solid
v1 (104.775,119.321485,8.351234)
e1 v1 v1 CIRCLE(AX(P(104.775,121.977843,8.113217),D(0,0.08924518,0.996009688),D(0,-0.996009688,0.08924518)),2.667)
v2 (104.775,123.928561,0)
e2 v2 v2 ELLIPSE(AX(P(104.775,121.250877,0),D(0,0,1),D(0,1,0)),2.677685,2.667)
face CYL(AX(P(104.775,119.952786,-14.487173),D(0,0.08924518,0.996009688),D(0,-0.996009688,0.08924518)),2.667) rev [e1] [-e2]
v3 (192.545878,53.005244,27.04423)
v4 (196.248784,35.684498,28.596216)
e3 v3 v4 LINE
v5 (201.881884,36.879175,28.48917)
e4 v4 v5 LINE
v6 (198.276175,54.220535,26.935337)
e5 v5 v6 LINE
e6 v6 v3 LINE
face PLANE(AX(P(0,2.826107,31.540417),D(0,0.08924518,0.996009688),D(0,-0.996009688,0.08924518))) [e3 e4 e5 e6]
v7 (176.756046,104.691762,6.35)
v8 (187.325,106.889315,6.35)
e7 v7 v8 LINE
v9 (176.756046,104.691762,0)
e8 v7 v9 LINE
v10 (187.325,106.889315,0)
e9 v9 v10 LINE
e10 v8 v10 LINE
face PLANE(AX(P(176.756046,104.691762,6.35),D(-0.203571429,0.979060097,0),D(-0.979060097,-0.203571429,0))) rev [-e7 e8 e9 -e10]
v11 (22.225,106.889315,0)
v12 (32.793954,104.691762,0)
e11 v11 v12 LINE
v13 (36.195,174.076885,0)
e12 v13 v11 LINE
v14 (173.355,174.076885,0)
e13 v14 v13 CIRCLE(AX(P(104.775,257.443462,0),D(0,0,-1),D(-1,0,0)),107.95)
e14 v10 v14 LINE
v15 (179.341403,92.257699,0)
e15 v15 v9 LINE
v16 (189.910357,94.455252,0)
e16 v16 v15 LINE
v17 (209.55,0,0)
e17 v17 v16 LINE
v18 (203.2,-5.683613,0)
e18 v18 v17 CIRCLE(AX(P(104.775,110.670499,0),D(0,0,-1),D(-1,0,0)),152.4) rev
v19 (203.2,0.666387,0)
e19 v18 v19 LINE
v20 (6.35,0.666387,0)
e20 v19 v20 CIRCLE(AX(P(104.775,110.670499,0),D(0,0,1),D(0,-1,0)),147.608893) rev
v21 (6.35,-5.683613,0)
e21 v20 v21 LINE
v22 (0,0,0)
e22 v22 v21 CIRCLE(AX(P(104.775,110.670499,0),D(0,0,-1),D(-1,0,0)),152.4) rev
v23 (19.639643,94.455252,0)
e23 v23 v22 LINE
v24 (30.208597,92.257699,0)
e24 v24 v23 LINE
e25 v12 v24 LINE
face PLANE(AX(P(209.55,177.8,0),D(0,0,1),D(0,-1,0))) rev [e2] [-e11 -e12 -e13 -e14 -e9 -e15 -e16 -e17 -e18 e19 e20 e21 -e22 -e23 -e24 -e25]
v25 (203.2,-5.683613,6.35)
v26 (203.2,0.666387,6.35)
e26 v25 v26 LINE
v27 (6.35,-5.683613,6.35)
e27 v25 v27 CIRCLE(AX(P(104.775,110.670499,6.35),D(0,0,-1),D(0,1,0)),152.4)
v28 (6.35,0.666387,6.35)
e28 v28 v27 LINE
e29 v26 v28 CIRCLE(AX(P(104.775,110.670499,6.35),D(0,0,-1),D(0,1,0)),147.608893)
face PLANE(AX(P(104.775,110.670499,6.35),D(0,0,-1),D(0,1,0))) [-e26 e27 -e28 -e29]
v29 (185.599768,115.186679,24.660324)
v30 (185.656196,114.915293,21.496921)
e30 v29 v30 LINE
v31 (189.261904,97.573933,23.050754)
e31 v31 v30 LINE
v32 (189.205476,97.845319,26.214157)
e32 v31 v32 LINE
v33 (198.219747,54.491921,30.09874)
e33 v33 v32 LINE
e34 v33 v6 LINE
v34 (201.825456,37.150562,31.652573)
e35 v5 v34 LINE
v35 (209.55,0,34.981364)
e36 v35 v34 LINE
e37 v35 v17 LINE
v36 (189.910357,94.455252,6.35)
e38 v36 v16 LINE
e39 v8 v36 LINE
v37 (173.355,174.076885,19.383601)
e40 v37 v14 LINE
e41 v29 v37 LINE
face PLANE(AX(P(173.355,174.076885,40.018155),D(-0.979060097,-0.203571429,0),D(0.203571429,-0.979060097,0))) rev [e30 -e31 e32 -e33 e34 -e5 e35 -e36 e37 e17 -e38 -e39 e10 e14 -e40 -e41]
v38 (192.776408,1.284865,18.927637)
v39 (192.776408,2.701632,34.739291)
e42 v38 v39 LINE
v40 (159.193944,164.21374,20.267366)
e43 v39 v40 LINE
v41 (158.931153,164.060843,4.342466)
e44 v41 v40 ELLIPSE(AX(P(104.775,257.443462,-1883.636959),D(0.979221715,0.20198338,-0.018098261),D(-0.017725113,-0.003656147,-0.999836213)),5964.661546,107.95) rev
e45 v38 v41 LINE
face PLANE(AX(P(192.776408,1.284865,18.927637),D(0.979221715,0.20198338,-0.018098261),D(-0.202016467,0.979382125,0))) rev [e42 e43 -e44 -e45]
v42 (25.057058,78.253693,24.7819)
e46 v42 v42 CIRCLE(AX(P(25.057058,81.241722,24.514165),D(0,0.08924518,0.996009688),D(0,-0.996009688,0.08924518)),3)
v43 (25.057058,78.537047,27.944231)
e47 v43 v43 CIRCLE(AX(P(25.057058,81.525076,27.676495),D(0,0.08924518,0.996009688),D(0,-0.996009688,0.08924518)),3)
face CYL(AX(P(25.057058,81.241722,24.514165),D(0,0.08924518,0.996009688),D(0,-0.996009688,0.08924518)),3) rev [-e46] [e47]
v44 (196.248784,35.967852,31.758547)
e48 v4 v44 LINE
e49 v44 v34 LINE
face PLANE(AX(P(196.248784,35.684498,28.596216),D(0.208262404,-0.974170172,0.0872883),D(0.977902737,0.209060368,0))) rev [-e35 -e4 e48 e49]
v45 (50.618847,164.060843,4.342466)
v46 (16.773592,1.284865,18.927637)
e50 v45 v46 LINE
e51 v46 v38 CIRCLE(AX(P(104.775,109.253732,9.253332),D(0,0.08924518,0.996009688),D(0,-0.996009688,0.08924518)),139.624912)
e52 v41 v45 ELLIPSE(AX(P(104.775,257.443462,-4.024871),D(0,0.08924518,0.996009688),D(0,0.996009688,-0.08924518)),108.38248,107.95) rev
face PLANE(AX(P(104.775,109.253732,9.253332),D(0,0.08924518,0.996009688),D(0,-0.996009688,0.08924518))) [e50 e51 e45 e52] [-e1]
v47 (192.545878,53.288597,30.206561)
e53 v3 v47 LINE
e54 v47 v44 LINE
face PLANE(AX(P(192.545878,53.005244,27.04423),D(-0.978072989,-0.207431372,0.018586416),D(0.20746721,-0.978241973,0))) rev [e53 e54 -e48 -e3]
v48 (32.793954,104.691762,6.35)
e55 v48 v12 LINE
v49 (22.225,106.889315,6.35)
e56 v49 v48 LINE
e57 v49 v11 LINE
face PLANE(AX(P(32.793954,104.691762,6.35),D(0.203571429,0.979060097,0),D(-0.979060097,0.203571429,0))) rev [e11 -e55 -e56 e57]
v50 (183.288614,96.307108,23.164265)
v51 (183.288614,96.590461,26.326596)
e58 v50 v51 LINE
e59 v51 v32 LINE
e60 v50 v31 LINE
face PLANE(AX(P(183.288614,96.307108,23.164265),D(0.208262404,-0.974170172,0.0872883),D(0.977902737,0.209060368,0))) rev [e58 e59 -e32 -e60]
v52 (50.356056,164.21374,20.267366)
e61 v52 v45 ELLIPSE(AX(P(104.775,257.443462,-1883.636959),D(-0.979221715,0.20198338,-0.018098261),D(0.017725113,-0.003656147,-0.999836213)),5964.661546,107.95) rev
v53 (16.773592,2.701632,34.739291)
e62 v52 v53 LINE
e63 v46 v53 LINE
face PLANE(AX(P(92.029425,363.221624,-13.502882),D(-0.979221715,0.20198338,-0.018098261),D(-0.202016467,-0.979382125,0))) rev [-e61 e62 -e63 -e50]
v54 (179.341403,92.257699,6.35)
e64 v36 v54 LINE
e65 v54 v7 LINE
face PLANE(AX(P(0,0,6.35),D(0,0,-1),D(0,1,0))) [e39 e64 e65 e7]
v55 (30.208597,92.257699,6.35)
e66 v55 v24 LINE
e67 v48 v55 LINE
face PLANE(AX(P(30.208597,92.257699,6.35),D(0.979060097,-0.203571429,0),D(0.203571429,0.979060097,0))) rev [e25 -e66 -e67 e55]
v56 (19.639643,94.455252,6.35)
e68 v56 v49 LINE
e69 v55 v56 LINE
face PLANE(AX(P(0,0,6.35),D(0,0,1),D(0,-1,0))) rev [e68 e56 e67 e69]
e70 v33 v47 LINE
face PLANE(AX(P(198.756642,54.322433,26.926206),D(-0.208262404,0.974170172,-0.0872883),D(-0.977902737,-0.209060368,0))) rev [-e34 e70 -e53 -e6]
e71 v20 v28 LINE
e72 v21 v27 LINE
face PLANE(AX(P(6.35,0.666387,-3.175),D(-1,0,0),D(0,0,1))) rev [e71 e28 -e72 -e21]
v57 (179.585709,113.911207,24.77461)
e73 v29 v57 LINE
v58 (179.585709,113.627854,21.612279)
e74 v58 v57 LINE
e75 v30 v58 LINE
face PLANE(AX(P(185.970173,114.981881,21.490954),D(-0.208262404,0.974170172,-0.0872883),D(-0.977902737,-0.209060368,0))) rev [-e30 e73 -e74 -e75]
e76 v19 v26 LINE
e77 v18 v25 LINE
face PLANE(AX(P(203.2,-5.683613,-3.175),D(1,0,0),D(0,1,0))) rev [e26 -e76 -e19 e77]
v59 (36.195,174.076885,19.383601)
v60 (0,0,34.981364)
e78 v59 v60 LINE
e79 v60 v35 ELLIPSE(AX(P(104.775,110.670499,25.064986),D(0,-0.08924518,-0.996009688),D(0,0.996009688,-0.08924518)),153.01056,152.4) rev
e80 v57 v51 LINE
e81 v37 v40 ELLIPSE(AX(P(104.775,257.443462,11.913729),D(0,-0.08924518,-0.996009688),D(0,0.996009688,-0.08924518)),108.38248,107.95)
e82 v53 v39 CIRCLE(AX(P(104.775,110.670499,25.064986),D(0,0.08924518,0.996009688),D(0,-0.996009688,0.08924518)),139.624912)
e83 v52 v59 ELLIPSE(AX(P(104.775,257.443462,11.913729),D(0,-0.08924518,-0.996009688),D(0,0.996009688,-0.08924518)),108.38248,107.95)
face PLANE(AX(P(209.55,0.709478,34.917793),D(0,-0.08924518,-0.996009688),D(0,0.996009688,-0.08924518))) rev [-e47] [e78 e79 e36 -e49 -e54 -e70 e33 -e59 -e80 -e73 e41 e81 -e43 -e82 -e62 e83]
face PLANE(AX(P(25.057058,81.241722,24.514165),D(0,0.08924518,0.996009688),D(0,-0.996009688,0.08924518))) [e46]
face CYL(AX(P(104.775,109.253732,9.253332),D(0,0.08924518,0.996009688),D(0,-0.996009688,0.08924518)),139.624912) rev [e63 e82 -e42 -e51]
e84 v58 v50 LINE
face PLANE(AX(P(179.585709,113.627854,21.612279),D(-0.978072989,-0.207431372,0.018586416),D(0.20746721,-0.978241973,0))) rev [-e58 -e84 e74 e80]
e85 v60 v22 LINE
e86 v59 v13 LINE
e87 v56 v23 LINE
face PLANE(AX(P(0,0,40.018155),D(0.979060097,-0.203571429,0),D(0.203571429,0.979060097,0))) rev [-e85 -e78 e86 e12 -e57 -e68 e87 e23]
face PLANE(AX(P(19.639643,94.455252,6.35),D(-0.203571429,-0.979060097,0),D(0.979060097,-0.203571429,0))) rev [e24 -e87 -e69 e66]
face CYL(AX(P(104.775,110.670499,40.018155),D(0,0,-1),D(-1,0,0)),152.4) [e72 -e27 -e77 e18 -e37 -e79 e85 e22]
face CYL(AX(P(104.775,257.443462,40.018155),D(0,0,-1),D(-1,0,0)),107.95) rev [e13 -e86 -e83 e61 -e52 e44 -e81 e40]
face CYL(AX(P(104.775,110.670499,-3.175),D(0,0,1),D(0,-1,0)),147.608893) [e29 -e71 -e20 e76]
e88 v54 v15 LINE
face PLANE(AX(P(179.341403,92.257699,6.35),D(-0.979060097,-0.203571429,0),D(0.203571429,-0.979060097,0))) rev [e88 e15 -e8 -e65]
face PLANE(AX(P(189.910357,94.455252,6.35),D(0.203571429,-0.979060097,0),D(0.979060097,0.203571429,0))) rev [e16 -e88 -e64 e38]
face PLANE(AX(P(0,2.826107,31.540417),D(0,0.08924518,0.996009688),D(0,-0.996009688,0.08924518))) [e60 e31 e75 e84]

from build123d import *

# Parameters (mm, degrees)
BOSS_EXTRUDE1_DEPTH     = 209.55
SKETCH1_W               = 240.510539239
SKETCH1_H               = 265.827438106
CUT_EXTRUDE1_DEPTH      = 41.01815501
CUT_EXTRUDE1_DEPTH_BACK = 1
CUT_EXTRUDE2_DEPTH      = 15.875
CUT_EXTRUDE3_DEPTH      = 3.175
SKETCH5_R               = 3
CUT_EXTRUDE4_DEPTH      = 3.175
CUT_EXTRUDE7_DEPTH      = 3.175
CUT_EXTRUDE7_DEPTH_BACK = 6.35
SKETCH7_R               = 2.667
CUT_EXTRUDE8_DEPTH      = 23.690934342
CUT_EXTRUDE9_DEPTH      = 6.35


with BuildPart() as part:
    # Sketch2 → Boss-Extrude1 (new body)
    with BuildSketch(Plane(origin=(0, 0, 0), x_dir=(0, 0, -1), z_dir=(1, 0, 0))):
        Polygon((-19.05, 177.8), (-34.91779298, 0.709477538), (-40.01815501, -56.212476111), (0, -53.790492508), (0, 0), (0, 177.8), align=None)
    extrude(amount=BOSS_EXTRUDE1_DEPTH)

    # Sketch1 → Cut-Extrude1 (cut, two sides)
    with BuildSketch(Plane.XY) as cut_extrude1_sk:
        with Locations((107.411926899, 58.758625739)):
            Rectangle(SKETCH1_W, SKETCH1_H)
        with BuildLine():
            Line((0, 0), (36.195, 174.07688524))
            ThreePointArc((36.195, 174.07688524), (104.775, 149.493461876), (173.355, 174.07688524))
            Line((173.355, 174.07688524), (209.55, 0))
            ThreePointArc((209.55, 0), (104.775, -41.729500882), (0, 0))
        make_face(mode=Mode.SUBTRACT)
    extrude(amount=CUT_EXTRUDE1_DEPTH, mode=Mode.SUBTRACT)
    extrude(cut_extrude1_sk.sketch, amount=-CUT_EXTRUDE1_DEPTH_BACK, mode=Mode.SUBTRACT)

    # Sketch3 → Cut-Extrude2 (cut)
    with BuildSketch(Plane(origin=(0, 3.474785103, 34.670013893), x_dir=(1, 0, 0), z_dir=(0, 0.08924518, 0.996009688))):
        with BuildLine():
            Line((92.029425275, 362.610535175), (16.77359238, -0.776250458))
            ThreePointArc((16.77359238, -0.776250458), (104.775, -31.999740282), (192.77640762, -0.776250458))
            Line((192.77640762, -0.776250458), (117.520574725, 362.610535175))
            Line((117.520574725, 362.610535175), (92.029425275, 362.610535175))
        make_face()
    extrude(amount=-CUT_EXTRUDE2_DEPTH, mode=Mode.SUBTRACT)

    # Sketch4 → Cut-Extrude3 (cut)
    with BuildSketch(Plane(origin=(0, 3.109460703, 34.702747954), x_dir=(1, 0, 0), z_dir=(0, 0.08924518, 0.996009688))):
        Polygon((185.970172739, 112.605103669), (179.585708922, 111.245651158), (183.288614458, 93.855513419), (189.673078275, 95.21496593), align=None)
        Polygon((198.756641777, 51.702635333), (192.545878299, 50.380169071), (196.248783835, 32.990031331), (202.459547313, 34.312497594), align=None)
    extrude(amount=-CUT_EXTRUDE3_DEPTH, mode=Mode.SUBTRACT)

    # Sketch5 → Cut-Extrude4 (cut)
    with BuildSketch(Plane(origin=(0, 3.109460703, 34.702747954), x_dir=(1, 0, 0), z_dir=(0, 0.08924518, 0.996009688))):
        with Locations(Location((25.057058463, 78.729771517, 0), (0, 0, 270))):  # turned: the seam where the file's is
            Circle(SKETCH5_R)
    extrude(amount=-CUT_EXTRUDE4_DEPTH, mode=Mode.SUBTRACT)

    # Sketch6 → Cut-Extrude7 (cut, two sides)
    with BuildSketch(Plane(origin=(0, 0, 0), x_dir=(-1, 0, 0), z_dir=(0, 0, -1))) as cut_extrude7_sk:
        with BuildLine():
            Line((-203.2, -5.683612864), (-203.2, 0.666387136))
            ThreePointArc((-203.2, 0.666387136), (-104.775, -36.938393832), (-6.35, 0.666387136))
            Line((-6.35, 0.666387136), (-6.35, -5.683612864))
            ThreePointArc((-6.35, -5.683612864), (-104.775, -63.961814377), (-203.2, -5.683612864))
        make_face()
    extrude(amount=CUT_EXTRUDE7_DEPTH, mode=Mode.SUBTRACT)
    extrude(cut_extrude7_sk.sketch, amount=-CUT_EXTRUDE7_DEPTH_BACK, mode=Mode.SUBTRACT)

    # Sketch7 → Cut-Extrude8 (cut, through all)
    with BuildSketch(Plane(origin=(0, 1.692693472, 18.891094163), x_dir=(1, 0, 0), z_dir=(0, 0.08924518, 0.996009688))):
        with Locations(Location((104.775, 120.767047718, 0), (0, 0, 270))):  # turned: the seam where the file's is
            Circle(SKETCH7_R)
    extrude(amount=-CUT_EXTRUDE8_DEPTH, mode=Mode.SUBTRACT)

    # Sketch8 → Cut-Extrude9 (cut)
    with BuildSketch(Plane(origin=(0, 0, 0), x_dir=(-1, 0, 0), z_dir=(0, 0, -1))):
        Polygon((-187.325, 106.889315498), (-189.910357143, 94.455252267), (-179.341403396, 92.257698696), (-176.756046253, 104.691761927), align=None)
        Polygon((-32.793953747, 104.691761927), (-22.225, 106.889315498), (-19.639642857, 94.455252267), (-30.208596604, 92.257698696), align=None)
    extrude(amount=-CUT_EXTRUDE9_DEPTH, mode=Mode.SUBTRACT)


solid = part.part
